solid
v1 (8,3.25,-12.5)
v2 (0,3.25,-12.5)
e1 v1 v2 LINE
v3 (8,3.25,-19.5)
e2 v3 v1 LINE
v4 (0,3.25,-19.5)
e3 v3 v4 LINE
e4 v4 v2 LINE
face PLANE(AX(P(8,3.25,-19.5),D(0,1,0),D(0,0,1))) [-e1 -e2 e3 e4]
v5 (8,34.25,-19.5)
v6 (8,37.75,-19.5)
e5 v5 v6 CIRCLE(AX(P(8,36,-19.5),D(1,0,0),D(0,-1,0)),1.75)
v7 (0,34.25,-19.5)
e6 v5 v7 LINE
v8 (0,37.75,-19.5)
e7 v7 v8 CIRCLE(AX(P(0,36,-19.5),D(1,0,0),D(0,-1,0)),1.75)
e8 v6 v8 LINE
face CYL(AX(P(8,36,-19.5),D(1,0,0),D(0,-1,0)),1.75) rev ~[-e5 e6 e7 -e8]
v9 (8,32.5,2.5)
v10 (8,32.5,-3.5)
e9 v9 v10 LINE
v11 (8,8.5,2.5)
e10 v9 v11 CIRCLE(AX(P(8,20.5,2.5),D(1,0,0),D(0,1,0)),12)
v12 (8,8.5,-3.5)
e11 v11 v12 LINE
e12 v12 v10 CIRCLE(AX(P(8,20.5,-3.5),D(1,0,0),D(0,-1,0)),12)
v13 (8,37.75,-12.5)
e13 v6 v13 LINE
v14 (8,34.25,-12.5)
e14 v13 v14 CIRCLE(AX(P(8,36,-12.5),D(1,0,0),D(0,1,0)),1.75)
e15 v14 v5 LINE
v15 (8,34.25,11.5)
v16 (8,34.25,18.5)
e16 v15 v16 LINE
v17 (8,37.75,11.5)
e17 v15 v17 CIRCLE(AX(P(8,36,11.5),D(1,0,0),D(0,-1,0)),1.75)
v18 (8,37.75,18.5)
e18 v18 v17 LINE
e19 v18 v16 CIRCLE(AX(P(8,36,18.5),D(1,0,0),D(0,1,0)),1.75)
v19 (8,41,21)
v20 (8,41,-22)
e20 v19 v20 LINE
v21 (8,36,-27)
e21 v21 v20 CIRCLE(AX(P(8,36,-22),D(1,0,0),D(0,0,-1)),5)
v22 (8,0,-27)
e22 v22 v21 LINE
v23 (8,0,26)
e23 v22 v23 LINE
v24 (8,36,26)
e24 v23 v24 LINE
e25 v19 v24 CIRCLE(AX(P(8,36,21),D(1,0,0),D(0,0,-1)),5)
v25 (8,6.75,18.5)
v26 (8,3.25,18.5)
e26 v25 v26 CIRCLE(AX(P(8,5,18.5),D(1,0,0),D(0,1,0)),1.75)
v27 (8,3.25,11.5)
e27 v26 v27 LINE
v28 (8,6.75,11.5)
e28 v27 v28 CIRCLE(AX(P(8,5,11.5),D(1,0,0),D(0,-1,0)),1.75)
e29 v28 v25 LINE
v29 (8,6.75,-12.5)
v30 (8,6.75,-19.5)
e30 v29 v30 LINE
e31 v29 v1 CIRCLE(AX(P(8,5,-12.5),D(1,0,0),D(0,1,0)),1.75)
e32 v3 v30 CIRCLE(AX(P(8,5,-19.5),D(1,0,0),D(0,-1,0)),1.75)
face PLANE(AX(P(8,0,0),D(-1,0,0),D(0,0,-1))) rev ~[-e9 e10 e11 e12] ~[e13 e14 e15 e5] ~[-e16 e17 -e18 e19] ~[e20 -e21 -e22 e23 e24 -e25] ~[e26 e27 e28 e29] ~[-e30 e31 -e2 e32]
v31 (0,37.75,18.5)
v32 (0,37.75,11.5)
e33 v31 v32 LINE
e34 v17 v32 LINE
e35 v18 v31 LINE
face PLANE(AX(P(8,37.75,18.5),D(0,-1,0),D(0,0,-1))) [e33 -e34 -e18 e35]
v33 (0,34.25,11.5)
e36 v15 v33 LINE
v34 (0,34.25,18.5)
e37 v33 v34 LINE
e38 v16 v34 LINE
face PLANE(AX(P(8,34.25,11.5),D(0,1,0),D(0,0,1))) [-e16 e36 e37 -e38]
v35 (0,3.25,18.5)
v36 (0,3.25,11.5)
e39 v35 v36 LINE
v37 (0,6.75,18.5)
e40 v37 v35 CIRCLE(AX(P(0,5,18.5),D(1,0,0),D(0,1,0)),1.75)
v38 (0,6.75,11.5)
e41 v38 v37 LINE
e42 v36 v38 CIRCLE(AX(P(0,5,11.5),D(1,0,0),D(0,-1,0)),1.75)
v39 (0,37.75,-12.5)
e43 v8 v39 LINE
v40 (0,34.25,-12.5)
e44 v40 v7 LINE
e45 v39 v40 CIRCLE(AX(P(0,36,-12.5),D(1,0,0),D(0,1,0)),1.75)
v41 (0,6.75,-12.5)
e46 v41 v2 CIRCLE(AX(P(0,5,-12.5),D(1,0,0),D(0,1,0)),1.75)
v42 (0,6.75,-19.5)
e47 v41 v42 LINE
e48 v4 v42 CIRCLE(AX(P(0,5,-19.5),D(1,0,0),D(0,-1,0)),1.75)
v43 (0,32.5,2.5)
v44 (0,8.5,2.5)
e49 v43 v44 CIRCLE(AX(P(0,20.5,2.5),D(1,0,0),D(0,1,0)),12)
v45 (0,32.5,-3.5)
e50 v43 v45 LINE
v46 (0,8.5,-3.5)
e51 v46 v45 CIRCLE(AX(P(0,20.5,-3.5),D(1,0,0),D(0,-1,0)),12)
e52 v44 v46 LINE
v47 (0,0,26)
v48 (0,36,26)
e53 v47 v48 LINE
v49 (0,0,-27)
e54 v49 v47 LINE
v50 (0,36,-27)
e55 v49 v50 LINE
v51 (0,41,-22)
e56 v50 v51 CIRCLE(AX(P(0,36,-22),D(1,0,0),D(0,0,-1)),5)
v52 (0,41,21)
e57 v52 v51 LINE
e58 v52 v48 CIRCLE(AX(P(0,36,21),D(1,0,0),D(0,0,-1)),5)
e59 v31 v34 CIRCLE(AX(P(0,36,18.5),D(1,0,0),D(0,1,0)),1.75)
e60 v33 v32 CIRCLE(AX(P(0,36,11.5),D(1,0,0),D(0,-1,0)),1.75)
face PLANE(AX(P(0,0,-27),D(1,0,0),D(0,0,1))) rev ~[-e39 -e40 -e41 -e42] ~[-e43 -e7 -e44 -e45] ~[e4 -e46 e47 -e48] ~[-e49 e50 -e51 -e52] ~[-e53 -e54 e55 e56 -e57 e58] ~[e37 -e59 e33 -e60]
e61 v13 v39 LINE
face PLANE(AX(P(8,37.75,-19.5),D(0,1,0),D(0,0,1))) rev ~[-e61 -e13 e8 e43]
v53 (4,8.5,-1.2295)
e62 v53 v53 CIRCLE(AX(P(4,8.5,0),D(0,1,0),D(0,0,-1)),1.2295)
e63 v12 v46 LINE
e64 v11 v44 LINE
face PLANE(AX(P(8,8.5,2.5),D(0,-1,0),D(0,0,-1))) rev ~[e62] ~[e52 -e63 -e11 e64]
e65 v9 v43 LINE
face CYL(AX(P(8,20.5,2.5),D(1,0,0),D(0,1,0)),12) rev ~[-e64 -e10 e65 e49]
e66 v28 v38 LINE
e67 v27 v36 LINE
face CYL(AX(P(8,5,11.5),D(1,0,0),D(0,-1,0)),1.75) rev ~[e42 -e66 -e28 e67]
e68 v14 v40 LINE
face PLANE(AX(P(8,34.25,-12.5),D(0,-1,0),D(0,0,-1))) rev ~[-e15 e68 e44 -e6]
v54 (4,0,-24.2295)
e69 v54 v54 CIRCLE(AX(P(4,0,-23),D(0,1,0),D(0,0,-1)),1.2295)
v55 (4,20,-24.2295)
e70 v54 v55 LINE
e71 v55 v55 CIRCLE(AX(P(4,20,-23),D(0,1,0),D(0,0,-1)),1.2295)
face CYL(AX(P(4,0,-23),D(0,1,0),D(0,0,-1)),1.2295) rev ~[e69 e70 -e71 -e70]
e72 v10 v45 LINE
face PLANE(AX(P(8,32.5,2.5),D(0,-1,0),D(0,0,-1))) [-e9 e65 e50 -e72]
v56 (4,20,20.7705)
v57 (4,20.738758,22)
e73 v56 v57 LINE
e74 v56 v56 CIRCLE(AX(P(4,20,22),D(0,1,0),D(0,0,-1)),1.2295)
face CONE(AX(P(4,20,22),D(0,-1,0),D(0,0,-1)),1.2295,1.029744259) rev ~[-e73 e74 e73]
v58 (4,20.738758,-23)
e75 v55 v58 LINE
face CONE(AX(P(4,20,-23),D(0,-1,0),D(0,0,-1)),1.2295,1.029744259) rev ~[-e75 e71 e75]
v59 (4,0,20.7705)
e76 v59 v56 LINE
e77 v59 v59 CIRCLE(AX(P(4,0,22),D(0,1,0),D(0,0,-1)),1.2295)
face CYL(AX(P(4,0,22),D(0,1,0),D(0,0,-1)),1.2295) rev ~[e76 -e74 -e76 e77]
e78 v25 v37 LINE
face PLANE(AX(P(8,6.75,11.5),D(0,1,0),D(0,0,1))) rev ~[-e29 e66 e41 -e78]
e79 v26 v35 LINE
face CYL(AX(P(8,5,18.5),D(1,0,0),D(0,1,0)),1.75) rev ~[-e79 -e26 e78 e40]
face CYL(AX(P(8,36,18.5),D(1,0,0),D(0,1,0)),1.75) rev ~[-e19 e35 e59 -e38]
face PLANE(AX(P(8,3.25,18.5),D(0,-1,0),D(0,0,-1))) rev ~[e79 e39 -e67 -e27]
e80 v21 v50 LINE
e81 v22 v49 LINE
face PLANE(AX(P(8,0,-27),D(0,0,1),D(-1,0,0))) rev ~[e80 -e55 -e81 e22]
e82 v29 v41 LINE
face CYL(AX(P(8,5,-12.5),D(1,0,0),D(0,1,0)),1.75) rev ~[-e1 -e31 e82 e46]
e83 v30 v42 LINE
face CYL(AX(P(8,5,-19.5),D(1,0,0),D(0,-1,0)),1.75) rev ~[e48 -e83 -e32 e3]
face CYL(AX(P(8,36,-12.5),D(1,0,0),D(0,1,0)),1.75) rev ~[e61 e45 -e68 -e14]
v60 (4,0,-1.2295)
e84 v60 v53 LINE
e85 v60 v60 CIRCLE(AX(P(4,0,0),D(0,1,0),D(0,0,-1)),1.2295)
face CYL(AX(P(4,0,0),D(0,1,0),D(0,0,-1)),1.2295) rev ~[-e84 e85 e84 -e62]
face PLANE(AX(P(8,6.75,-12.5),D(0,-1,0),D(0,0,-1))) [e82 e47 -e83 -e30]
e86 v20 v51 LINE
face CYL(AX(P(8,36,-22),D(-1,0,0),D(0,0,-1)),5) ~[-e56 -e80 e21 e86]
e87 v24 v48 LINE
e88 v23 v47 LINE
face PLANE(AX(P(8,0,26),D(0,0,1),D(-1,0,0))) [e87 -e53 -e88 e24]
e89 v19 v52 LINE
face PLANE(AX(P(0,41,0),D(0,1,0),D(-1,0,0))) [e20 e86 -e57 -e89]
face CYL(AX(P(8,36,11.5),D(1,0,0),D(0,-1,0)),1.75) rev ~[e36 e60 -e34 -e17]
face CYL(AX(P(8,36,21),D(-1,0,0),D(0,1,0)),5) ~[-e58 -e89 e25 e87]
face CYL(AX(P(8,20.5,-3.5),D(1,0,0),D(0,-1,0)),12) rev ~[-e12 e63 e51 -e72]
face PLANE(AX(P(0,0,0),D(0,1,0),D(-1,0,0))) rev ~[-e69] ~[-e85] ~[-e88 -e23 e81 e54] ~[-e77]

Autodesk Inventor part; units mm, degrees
ref_plane "YZ Plane" through (0, 0, 0) normal (1, 0, 0) x (0, 1, 0)
ref_plane "XZ Plane" through (0, 0, 0) normal (0, 1, 0) x (-1, 0, 0)
ref_plane "XY Plane" through (0, 0, 0) normal (0, 0, 1) x (1, 0, 0)
sketch "Sketch1" plane through (0, 0, 0) normal (0, 1, 0) x (-1, 0, 0)
  line L0 (0, 0) -> (-8, 0)
  line L1 (-8, 0) -> (-8, -27)
  line L2 (-8, -27) -> (0, -27)
  line L3 (0, -27) -> (0, 0)
  line L4 (0, 0) -> (-8, 0)
  line L5 (-8, 0) -> (-8, 26)
  line L6 (-8, 26) -> (0, 26)
  line L7 (0, 26) -> (0, 0)
  dimension "d0" = 8
  dimension "d3" = 27
  dimension "d4" = 26
extrude "Extrusion1" add sketch "Sketch1" along normal blind 41
sketch "Sketch2" plane through (8, 0, 26) normal (1, 0, 0) x (0, 0, -1)
  circle A0 centre (26.5, 20.5) radius 7.5 projected
  circle A1 centre (11, 36) radius 1.5 projected
  circle A2 centre (11, 5) radius 1.5 projected
  circle A3 centre (42, 36) radius 1.5 projected
  circle A4 centre (42, 5) radius 1.5 projected
  arc A5 (14.5, 34.25) -> (14.5, 37.75) centre (14.5, 36) ccw
  arc A6 (7.5, 37.75) -> (7.5, 34.25) centre (7.5, 36) ccw
  line L0 (2.4202, 36) -> (21.3421, 36) construction
  arc A7 (23.5, 32.5) -> (23.5, 8.5) centre (23.5, 20.5) ccw
  arc A8 (29.5, 8.5) -> (29.5, 32.5) centre (29.5, 20.5) ccw
  line L1 (12.5, 20.5) -> (42, 20.5) construction
  line L2 (26.5, 35.5013) -> (26.5, 5.593) construction
  circle A9 centre (42, 36) radius 1.5
  arc A10 (38.5, 37.75) -> (38.5, 34.25) centre (38.5, 36) ccw
  arc A11 (45.5, 34.25) -> (45.5, 37.75) centre (45.5, 36) ccw
  line L3 (45.5, 37.75) -> (38.5, 37.75)
  line L4 (38.5, 34.25) -> (45.5, 34.25)
  circle A12 centre (11, 5) radius 1.5
  circle A13 centre (42, 5) radius 1.5
  arc A14 (14.5, 3.25) -> (14.5, 6.75) centre (14.5, 5) ccw
  arc A15 (7.5, 6.75) -> (7.5, 3.25) centre (7.5, 5) ccw
  line L5 (7.5, 3.25) -> (14.5, 3.25)
  line L6 (14.5, 6.75) -> (7.5, 6.75)
  line L7 (2.4202, 5) -> (21.3421, 5) construction
  circle A16 centre (42, 5) radius 1.5
  arc A17 (38.5, 6.75) -> (38.5, 3.25) centre (38.5, 5) ccw
  line L8 (38.5, 6.75) -> (45.5, 6.75)
  line L9 (45.5, 3.25) -> (38.5, 3.25)
  arc A18 (45.5, 3.25) -> (45.5, 6.75) centre (45.5, 5) ccw
  line L10 (23.5, 32.5) -> (29.5, 32.5)
  line L11 (23.5, 8.5) -> (29.5, 8.5)
  line L12 (7.5, 37.75) -> (14.5, 37.75)
  line L13 (14.5, 34.25) -> (7.5, 34.25)
  point P0 (26, 0)
  point P1 (50.5798, 36)
  point P2 (26.5, 5.4987)
  point P3 (50.5798, 5)
  point P4 (11, 3.5)
  point P5 (11, 6.5)
  point P6 (42, 6.5)
  point P7 (42, 3.5)
  point P8 (42, 37.5)
  point P9 (42, 34.5)
  dimension "d8" = 3.5
  dimension "d9" = 3.5
  dimension "d10" = 3.5
  dimension "d11" = 3.5
  dimension "d14" = 3
  dimension "d15" = 3
  dimension "d16" = 12
  dimension "d17" = 12
  dimension "d33" = 3.5
extrude "Extrusion2" cut sketch "Sketch2" against normal blind 10 contours A0 | A1 | A2 | A3 | A4 | L13 A6 L12 A5 | L10 A8 L11 A7 | L3 A11 L4 A10 | L5 A15 L6 A14 | L8 A18 L9 A17
fillet "Fillet1" radius 5 2 edges at (4, 41, 26) (4, 41, -27)
sketch "Sketch3" plane through (0, 0, 0) normal (0, -1, 0) x (1, 0, 0)
  line L0 (4, 28.9228) -> (4, -37.7056) construction
  circle A0 centre (4, 22) radius 1.5
  circle A1 centre (4, -23) radius 1.5
  circle A2 centre (4, 0) radius 1.5
  line L1 (8, 26) -> (8, -27) projected
  line L2 (0, 26) -> (8, 26) projected
  line L3 (8, -27) -> (0, -27) projected
  point P0 (0, 0)
  dimension "d20" = 3
  dimension "d21" = 3
  dimension "d22" = 3
  dimension "d23" = 4
  dimension "d24" = 4
  dimension "d25" = 4
hole "Hole2" at (4, 0, 22) at (4, 0, 0) at (4, 0, -23) direction (0, 1, 0) diameter 2.459 depth 20 tip angle 118 thread size "M3x0.5" class "6H" standard "ISO Metric profile"
properties part number "Z_Motorhalter_oben"
